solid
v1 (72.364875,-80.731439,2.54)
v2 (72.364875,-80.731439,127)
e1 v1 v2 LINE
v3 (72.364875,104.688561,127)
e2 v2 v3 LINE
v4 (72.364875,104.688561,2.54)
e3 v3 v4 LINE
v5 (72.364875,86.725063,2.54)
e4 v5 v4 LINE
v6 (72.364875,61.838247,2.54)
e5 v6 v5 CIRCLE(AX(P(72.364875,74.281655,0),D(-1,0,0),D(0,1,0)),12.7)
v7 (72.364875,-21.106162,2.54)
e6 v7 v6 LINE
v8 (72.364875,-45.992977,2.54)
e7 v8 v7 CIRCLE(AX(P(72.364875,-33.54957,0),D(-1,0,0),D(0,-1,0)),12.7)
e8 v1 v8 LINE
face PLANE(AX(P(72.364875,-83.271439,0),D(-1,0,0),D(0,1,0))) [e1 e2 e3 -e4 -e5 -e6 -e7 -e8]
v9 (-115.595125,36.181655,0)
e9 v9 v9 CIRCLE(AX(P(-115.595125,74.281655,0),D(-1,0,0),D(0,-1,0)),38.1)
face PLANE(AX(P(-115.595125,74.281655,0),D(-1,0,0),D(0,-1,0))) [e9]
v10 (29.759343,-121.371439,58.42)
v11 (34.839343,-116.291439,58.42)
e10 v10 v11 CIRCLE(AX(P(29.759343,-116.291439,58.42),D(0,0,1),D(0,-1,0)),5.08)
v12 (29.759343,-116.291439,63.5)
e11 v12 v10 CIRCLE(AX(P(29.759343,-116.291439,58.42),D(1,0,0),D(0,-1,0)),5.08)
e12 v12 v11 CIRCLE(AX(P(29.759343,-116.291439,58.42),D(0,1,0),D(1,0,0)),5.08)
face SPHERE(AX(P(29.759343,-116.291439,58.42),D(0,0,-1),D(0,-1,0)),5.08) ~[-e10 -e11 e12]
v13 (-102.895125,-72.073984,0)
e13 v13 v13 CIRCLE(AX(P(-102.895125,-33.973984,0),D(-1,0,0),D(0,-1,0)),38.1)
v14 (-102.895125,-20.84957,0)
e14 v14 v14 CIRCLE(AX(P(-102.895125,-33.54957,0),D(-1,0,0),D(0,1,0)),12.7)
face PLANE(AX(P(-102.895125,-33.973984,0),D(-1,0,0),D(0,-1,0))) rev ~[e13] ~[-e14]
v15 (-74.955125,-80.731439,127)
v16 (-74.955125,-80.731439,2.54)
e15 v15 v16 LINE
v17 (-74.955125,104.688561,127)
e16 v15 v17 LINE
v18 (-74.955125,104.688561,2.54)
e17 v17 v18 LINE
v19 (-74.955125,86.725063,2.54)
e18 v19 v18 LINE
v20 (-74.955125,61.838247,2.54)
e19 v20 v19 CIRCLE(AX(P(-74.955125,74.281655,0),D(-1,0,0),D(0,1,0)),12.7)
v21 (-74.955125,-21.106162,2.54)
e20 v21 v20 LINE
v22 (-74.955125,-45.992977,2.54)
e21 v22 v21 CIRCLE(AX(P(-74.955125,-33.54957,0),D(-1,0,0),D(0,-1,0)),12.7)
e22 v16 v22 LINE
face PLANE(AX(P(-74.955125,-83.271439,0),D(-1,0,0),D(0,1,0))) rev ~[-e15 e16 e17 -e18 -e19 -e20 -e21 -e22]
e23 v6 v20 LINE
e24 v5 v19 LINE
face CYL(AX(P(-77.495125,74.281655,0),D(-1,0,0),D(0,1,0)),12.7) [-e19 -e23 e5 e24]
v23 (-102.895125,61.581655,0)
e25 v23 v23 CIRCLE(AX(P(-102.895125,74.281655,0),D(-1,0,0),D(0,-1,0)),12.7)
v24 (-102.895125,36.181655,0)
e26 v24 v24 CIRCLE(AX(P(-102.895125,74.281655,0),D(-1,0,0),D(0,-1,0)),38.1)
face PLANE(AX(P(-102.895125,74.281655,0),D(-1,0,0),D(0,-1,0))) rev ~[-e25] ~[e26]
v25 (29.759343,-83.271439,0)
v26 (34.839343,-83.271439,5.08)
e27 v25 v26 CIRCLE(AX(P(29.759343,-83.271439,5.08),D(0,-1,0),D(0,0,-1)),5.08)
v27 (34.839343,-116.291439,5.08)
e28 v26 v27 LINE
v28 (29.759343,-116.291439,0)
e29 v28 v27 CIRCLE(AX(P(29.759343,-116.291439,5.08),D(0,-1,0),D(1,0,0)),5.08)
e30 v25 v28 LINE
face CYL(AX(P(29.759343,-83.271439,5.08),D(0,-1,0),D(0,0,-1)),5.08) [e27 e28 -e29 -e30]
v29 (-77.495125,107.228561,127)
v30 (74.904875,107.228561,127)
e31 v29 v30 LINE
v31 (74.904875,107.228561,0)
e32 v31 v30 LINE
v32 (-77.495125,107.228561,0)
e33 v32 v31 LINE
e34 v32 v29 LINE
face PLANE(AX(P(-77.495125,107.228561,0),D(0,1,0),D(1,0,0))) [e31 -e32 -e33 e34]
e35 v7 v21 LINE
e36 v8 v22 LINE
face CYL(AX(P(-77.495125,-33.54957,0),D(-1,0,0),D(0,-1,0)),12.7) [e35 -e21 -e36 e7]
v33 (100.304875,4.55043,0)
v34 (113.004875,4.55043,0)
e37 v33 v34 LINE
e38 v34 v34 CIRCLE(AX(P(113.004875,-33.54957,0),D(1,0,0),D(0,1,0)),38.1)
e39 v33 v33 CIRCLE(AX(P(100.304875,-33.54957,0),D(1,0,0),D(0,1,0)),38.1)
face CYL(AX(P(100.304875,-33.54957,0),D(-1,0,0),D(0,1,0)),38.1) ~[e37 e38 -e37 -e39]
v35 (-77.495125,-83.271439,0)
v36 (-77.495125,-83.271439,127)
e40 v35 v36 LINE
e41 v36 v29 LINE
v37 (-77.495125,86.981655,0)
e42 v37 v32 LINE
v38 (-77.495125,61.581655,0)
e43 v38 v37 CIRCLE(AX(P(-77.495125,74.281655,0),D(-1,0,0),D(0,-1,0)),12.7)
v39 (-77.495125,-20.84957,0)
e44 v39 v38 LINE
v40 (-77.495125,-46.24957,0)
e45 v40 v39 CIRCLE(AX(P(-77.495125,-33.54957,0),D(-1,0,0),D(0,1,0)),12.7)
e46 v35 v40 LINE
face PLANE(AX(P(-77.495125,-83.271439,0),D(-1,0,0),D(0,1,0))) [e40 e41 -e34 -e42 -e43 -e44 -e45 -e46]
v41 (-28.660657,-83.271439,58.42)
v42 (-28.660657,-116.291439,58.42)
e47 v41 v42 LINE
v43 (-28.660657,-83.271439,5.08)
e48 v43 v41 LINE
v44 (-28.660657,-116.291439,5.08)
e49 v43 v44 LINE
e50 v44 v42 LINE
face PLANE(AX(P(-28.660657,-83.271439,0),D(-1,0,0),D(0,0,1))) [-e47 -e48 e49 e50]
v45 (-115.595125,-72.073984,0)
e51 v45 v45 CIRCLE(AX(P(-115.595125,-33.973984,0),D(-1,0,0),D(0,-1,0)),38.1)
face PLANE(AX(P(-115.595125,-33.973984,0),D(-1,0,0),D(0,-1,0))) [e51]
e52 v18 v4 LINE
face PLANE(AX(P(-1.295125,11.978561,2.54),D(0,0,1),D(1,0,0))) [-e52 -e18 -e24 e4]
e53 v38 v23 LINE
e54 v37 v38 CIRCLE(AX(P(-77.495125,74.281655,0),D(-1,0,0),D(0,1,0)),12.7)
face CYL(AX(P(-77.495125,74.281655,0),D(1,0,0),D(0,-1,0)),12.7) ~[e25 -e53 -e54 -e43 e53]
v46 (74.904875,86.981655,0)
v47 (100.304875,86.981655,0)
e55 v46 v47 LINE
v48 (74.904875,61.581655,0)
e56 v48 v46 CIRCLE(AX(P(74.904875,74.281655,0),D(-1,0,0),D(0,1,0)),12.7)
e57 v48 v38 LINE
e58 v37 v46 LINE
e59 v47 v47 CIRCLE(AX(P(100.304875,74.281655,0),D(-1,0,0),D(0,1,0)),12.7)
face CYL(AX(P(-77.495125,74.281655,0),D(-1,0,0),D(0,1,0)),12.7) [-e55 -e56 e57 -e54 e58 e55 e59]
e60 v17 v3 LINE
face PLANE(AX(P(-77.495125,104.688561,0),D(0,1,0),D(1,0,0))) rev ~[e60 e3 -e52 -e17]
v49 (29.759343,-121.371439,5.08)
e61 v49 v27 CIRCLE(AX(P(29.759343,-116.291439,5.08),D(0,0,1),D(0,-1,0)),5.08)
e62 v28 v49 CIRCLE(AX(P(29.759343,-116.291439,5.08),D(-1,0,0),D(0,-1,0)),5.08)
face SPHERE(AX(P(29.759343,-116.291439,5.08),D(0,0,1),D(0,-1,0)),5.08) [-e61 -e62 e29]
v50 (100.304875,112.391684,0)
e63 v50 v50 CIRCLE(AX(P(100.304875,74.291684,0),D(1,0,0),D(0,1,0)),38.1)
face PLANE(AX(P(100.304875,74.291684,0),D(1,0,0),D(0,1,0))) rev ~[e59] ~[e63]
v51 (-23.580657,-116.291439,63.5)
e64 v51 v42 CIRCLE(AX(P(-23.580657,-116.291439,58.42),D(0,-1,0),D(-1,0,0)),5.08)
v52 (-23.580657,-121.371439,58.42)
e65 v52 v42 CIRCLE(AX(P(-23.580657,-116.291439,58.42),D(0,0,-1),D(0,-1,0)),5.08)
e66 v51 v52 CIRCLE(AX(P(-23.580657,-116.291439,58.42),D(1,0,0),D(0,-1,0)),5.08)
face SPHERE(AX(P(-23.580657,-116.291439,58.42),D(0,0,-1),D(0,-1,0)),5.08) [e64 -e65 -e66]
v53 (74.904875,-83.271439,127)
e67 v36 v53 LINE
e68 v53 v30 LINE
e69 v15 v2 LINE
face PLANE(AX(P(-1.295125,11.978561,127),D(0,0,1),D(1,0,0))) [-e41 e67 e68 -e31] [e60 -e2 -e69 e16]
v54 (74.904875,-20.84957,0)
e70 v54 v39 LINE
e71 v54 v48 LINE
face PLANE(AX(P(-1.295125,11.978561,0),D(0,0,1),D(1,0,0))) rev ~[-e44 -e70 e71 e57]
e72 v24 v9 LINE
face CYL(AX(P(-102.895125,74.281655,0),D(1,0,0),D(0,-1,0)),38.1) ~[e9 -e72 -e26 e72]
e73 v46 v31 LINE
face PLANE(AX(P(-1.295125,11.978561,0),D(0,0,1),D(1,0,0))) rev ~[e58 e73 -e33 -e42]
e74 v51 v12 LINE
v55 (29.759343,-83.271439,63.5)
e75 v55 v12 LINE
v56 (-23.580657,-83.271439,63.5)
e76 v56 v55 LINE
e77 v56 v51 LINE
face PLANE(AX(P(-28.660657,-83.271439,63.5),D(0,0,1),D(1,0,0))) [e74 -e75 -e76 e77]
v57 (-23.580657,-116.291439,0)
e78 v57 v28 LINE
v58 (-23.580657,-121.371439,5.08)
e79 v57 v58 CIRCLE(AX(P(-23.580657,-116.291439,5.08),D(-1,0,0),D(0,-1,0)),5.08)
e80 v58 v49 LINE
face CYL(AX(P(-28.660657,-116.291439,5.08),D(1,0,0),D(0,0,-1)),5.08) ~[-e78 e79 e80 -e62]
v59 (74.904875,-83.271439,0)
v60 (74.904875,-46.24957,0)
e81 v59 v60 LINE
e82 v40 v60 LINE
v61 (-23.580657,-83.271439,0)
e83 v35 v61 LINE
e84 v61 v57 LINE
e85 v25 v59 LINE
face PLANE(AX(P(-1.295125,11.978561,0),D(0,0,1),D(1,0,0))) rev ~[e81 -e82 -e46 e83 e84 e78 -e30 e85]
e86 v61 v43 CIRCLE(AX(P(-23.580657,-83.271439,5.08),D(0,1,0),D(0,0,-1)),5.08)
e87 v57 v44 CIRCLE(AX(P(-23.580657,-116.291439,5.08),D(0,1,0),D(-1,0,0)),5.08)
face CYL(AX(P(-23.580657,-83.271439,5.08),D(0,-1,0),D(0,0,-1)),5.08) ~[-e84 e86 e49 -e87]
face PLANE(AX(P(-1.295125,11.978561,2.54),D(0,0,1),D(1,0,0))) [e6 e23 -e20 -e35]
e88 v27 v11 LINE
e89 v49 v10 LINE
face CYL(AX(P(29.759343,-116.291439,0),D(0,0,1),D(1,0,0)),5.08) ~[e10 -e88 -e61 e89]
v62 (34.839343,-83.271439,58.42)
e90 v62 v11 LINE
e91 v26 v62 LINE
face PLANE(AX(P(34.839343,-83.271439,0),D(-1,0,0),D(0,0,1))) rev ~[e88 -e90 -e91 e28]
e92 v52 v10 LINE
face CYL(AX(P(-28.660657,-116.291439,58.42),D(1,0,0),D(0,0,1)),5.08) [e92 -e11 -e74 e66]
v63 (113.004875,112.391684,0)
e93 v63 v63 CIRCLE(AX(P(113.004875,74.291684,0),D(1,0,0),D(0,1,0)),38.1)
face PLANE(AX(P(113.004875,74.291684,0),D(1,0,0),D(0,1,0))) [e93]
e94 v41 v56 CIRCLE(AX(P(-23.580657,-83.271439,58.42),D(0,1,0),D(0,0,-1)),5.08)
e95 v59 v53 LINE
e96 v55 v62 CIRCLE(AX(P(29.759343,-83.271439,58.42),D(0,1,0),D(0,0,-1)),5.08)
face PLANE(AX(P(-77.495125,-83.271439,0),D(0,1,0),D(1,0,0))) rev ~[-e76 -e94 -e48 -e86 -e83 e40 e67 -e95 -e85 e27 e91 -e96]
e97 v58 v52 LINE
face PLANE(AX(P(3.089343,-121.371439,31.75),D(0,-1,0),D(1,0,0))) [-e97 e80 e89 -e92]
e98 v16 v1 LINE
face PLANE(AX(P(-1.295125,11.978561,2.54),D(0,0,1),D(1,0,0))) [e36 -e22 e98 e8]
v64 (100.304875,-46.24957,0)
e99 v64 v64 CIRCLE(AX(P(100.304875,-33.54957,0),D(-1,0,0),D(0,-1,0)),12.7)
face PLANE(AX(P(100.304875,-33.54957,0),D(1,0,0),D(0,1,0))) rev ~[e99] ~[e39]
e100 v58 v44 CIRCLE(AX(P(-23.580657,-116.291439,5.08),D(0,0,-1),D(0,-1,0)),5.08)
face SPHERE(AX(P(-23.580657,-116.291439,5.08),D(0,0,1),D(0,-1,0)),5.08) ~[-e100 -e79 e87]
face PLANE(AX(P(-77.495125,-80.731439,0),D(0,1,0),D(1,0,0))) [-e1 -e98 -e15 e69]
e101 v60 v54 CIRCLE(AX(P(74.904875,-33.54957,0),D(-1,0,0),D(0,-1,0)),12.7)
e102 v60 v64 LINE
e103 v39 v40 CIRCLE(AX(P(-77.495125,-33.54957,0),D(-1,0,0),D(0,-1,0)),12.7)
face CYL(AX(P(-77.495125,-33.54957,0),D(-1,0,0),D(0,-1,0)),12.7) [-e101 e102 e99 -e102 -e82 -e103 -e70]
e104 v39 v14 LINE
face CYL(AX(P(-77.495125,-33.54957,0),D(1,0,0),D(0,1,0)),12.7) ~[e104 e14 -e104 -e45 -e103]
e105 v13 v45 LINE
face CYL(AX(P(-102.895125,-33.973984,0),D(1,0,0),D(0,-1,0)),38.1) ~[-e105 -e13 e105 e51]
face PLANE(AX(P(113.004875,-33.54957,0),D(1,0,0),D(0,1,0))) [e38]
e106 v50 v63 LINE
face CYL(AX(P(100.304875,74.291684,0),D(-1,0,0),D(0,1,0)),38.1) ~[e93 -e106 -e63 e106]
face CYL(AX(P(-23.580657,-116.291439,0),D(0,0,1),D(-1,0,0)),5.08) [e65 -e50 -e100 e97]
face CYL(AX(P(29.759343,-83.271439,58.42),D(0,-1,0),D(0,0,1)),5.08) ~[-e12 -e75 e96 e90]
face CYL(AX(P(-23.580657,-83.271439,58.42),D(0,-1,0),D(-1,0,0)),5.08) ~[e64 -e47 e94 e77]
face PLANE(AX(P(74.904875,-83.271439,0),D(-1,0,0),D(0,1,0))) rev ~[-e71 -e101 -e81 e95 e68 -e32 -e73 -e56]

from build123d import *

# Parameters (mm, degrees)
F0_W      = 152.4
F0_H      = 190.5
F1_DEPTH  = 127
F2_T      = -2.54
F3_W      = 63.5
F3_H      = 63.5
F4_DEPTH  = 38.1
F5_R      = 5.08
F7_DEPTH  = 177.8
F8_R      = 38.1
F9_DEPTH  = 12.7
F11_DEPTH = 25.4
F12_R     = 38.1
F12_R_2   = 12.7
F13_DEPTH = 12.7


with BuildPart() as f1:
    # F0 (on Top) → F1 (new body)
    with BuildSketch(Plane.XY):
        with Locations((-1.2951251119, 11.9785609818)):
            Rectangle(F0_W, F0_H)
    extrude(amount=F1_DEPTH)

    # F2
    f2_openings = [f1.faces().sort_by_distance(p)[0] for p in [
        (-1.295125, 11.978561, 127),
    ]]
    offset(amount=F2_T, openings=f2_openings)

    # F3 (on face) → F4 (join)
    with BuildSketch(Plane.XZ.offset(83.2714390182)):
        with Locations((3.0893431157, 31.75)):
            Rectangle(F3_W, F3_H)
    extrude(amount=F4_DEPTH)

    # F5
    f5_edges = [f1.edges().sort_by_distance(p)[0] for p in [
        (-28.660657, -121.371439, 31.75),
        (34.839343, -121.371439, 31.75),
        (3.089343, -121.371439, 63.5),
        (34.839343, -102.321439, 63.5),
        (-28.660657, -102.321439, 63.5),
        (3.089343, -121.371439, 0),
        (-28.660657, -102.321439, 0),
        (34.839343, -102.321439, 0),
    ]]
    fillet(f5_edges, radius=F5_R)

    # F6 (on face) → F7 (join)
    with BuildSketch(Plane(origin=(-77.4951251119, 0, 0), x_dir=(0, -1, 0), z_dir=(-1, 0, 0))):
        with BuildLine():
            ThreePointArc((20.8495695472, 0), (33.5495695472, -12.7), (46.2495695472, 0))
            Line((46.2495695472, 0), (20.8495695472, 0))
        make_face()
        with BuildLine():
            Line((-86.981655252, 0), (-61.581655252, 0))
            ThreePointArc((-61.581655252, 0), (-74.281655252, 12.7), (-86.981655252, 0))
        make_face()
        with BuildLine():
            Line((20.8495695472, 0), (46.2495695472, 0))
            ThreePointArc((46.2495695472, 0), (33.5495695472, 12.7), (20.8495695472, 0))
        make_face()
        with BuildLine():
            ThreePointArc((-86.981655252, 0), (-74.281655252, -12.7), (-61.581655252, 0))
            Line((-61.581655252, 0), (-86.981655252, 0))
        make_face()
    extrude(amount=-F7_DEPTH)

    # F8 (on face) → F9 (join)
    with BuildSketch(Plane.YZ.offset(100.3048748881)):
        with Locations((-33.5495695472, 0)):
            Circle(F8_R)
        with Locations((74.2916837335, 0)):
            Circle(F8_R)
    extrude(amount=F9_DEPTH)

    # F10 (on face) → F11 (join)
    with BuildSketch(Plane(origin=(-77.4951251119, 0, 0), x_dir=(0, -1, 0), z_dir=(-1, 0, 0))):
        with BuildLine():
            ThreePointArc((46.2495695472, 0), (33.5495695472, 12.7), (20.8495695472, 0))
            ThreePointArc((20.8495695472, 0), (33.5495695472, -12.7), (46.2495695472, 0))
        make_face()
        with BuildLine():
            ThreePointArc((-86.981655252, 0), (-74.281655252, -12.7), (-61.581655252, 0))
            ThreePointArc((-61.581655252, 0), (-74.281655252, 12.7), (-86.981655252, 0))
        make_face()
    extrude(amount=F11_DEPTH)

    # F12 (on face) → F13 (join)
    with BuildSketch(Plane(origin=(-102.8951251119, 0, 0), x_dir=(0, -1, 0), z_dir=(-1, 0, 0))):
        with Locations((-74.281655252, 0)):
            Circle(F12_R)
        with Locations((-74.281655252, 0)):
            Circle(F12_R_2, mode=Mode.SUBTRACT)
        with Locations((33.9739844203, 0)):
            Circle(F12_R)
        with Locations((-74.281655252, 0)):
            Circle(F12_R_2)
    extrude(amount=F13_DEPTH)


solid = f1.part
